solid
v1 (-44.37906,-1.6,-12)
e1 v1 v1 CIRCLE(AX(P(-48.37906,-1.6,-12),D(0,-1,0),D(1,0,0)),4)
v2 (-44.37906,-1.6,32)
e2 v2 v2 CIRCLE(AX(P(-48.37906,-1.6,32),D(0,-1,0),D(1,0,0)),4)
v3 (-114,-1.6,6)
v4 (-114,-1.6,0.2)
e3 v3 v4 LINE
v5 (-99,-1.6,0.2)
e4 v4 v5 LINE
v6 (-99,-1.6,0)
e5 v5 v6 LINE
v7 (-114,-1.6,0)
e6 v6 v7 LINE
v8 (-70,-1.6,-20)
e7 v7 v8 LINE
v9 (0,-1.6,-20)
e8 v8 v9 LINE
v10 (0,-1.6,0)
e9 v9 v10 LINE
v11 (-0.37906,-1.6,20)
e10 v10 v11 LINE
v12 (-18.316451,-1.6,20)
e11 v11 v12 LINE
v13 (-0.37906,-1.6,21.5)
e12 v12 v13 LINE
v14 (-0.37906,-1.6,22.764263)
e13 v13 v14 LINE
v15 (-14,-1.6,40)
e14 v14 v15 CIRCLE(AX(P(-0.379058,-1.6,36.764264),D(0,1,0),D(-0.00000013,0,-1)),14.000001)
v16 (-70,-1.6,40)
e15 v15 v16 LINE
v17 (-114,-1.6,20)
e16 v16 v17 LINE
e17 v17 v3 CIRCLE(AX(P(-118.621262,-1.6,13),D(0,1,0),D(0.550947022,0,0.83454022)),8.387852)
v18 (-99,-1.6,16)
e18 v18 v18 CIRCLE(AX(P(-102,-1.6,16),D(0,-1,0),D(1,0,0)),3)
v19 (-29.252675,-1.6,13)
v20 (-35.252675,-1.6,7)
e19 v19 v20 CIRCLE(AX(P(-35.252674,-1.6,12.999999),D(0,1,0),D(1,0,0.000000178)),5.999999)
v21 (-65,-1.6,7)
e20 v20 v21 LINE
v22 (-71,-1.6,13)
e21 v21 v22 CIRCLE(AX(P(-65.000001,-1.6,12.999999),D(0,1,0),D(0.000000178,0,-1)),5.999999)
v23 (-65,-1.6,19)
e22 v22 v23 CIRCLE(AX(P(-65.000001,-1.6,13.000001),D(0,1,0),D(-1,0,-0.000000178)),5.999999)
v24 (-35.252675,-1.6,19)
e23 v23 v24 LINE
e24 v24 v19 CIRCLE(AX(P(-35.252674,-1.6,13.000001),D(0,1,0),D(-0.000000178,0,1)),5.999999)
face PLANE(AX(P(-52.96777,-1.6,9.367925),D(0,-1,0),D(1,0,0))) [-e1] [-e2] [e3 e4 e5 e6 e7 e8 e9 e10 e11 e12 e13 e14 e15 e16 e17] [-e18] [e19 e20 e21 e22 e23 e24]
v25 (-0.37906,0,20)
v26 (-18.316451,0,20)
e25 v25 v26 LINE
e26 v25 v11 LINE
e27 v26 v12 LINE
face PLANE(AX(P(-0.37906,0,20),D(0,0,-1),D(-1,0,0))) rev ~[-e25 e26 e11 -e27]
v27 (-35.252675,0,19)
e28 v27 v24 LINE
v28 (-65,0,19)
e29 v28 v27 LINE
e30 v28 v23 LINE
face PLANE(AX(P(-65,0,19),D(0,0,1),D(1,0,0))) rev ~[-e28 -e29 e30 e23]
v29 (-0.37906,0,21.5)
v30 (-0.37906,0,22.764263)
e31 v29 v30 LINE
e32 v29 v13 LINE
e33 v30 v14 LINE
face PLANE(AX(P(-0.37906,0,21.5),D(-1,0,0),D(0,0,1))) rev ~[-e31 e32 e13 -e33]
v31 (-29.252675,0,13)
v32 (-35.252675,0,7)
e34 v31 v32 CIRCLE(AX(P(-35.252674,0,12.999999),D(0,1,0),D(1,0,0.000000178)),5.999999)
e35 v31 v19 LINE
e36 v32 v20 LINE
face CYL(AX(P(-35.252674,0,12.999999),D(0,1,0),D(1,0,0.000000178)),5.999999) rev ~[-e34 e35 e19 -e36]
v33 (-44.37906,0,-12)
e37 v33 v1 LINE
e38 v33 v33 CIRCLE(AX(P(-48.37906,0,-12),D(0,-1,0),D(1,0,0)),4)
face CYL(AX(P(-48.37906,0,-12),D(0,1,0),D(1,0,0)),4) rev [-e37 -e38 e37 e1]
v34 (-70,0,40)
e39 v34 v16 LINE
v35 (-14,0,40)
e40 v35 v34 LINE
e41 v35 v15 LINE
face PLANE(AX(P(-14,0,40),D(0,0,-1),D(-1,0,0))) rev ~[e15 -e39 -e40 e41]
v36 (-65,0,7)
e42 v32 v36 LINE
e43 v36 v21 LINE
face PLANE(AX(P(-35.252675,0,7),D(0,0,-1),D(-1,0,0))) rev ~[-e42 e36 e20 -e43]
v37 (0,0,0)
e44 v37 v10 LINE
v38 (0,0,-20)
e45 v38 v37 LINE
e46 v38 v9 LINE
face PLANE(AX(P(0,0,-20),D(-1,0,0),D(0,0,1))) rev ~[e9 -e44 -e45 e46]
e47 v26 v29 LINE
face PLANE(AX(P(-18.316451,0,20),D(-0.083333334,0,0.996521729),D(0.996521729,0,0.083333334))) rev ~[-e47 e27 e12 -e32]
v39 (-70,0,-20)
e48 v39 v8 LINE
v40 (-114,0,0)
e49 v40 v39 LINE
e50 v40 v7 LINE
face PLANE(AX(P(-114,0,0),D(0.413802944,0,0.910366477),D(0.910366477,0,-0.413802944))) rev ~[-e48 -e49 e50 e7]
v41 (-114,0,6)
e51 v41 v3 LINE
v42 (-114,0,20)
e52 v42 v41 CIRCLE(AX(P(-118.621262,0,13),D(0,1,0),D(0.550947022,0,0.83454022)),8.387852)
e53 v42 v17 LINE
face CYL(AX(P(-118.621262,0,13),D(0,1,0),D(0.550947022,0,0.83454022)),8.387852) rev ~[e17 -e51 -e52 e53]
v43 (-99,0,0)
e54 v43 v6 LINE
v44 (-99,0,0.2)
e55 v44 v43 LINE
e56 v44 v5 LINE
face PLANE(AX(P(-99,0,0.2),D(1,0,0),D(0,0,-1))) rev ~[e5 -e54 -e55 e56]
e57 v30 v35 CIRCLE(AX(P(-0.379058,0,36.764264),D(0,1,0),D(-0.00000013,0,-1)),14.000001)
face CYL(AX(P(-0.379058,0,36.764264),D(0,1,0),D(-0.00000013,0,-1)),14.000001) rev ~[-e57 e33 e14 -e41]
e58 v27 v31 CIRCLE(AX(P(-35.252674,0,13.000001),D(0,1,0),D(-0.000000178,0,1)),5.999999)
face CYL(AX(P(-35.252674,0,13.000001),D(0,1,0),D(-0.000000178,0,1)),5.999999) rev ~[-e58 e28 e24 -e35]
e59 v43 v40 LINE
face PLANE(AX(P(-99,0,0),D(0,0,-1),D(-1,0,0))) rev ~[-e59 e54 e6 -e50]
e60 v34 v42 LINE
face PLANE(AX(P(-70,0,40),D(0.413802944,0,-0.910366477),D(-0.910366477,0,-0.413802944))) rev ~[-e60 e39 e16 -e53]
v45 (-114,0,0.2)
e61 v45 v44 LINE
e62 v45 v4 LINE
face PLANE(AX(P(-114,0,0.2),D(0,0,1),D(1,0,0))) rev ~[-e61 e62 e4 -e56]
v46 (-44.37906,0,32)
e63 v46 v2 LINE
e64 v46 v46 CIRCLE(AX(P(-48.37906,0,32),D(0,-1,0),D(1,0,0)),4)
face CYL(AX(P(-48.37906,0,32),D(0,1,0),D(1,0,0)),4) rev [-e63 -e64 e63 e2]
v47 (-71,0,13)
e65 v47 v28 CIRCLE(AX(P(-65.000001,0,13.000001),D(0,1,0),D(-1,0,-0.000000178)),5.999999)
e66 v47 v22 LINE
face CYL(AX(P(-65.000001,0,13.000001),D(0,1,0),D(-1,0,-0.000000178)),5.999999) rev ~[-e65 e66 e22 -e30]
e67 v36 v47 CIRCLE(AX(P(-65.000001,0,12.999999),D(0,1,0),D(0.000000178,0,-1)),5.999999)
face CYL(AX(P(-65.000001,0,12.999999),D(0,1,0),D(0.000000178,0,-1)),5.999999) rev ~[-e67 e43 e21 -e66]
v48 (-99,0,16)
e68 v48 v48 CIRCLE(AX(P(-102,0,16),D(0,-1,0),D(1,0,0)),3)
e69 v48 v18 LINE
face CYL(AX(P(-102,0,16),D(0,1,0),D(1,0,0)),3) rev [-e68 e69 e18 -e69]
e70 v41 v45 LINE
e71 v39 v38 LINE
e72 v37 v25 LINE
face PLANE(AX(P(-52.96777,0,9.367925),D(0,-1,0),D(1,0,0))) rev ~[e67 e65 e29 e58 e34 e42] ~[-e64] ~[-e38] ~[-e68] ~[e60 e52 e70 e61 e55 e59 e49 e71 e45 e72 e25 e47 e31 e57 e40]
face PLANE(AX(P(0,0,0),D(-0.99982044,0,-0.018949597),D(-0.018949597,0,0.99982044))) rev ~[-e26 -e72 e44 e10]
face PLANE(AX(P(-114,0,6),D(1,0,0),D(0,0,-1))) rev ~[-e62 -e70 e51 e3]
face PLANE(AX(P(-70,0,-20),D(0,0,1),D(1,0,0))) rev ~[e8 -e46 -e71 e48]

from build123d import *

# Parameters (mm, degrees)
F0_R     = 4
F0_R_2   = 3
F1_DEPTH = 1.6


with BuildPart() as f1:
    # F0 (on Front) → F1 (new body)
    with BuildSketch(Plane.XZ):
        with BuildLine():
            Line((0, -20), (0, 0))
            Line((0, 0), (-0.37906, 20))
            Line((-0.37906, 20), (-18.316451, 20))
            Line((-18.316451, 20), (-0.37906, 21.5))
            Line((-0.37906, 21.5), (-0.37906, 22.764263))
            ThreePointArc((-0.37906, 22.764263), (-11.363146, 28.083835), (-14, 40))
            Line((-14, 40), (-70, 40))
            Line((-70, 40), (-114, 20))
            ThreePointArc((-114, 20), (-110.23341, 13), (-114, 6))
            Line((-114, 6), (-114, 0.2))
            Line((-114, 0.2), (-99, 0.2))
            Line((-99, 0.2), (-99, 0))
            Line((-99, 0), (-114, 0))
            Line((-114, 0), (-70, -20))
            Line((-70, -20), (0, -20))
        make_face()
        with Locations((-48.37906, -12)):
            Circle(F0_R, mode=Mode.SUBTRACT)
        with Locations((-102, 16)):
            Circle(F0_R_2, mode=Mode.SUBTRACT)
        with BuildLine():
            Line((-65, 19), (-35.252675, 19))
            ThreePointArc((-35.252675, 19), (-31.010034, 17.242641), (-29.252675, 13))
            ThreePointArc((-29.252675, 13), (-31.010034, 8.757359), (-35.252675, 7))
            Line((-35.252675, 7), (-65, 7))
            ThreePointArc((-65, 7), (-69.242641, 8.757359), (-71, 13))
            ThreePointArc((-71, 13), (-69.242641, 17.242641), (-65, 19))
        make_face(mode=Mode.SUBTRACT)
        with Locations((-48.37906, 32)):
            Circle(F0_R, mode=Mode.SUBTRACT)
    extrude(amount=F1_DEPTH)


solid = f1.part
